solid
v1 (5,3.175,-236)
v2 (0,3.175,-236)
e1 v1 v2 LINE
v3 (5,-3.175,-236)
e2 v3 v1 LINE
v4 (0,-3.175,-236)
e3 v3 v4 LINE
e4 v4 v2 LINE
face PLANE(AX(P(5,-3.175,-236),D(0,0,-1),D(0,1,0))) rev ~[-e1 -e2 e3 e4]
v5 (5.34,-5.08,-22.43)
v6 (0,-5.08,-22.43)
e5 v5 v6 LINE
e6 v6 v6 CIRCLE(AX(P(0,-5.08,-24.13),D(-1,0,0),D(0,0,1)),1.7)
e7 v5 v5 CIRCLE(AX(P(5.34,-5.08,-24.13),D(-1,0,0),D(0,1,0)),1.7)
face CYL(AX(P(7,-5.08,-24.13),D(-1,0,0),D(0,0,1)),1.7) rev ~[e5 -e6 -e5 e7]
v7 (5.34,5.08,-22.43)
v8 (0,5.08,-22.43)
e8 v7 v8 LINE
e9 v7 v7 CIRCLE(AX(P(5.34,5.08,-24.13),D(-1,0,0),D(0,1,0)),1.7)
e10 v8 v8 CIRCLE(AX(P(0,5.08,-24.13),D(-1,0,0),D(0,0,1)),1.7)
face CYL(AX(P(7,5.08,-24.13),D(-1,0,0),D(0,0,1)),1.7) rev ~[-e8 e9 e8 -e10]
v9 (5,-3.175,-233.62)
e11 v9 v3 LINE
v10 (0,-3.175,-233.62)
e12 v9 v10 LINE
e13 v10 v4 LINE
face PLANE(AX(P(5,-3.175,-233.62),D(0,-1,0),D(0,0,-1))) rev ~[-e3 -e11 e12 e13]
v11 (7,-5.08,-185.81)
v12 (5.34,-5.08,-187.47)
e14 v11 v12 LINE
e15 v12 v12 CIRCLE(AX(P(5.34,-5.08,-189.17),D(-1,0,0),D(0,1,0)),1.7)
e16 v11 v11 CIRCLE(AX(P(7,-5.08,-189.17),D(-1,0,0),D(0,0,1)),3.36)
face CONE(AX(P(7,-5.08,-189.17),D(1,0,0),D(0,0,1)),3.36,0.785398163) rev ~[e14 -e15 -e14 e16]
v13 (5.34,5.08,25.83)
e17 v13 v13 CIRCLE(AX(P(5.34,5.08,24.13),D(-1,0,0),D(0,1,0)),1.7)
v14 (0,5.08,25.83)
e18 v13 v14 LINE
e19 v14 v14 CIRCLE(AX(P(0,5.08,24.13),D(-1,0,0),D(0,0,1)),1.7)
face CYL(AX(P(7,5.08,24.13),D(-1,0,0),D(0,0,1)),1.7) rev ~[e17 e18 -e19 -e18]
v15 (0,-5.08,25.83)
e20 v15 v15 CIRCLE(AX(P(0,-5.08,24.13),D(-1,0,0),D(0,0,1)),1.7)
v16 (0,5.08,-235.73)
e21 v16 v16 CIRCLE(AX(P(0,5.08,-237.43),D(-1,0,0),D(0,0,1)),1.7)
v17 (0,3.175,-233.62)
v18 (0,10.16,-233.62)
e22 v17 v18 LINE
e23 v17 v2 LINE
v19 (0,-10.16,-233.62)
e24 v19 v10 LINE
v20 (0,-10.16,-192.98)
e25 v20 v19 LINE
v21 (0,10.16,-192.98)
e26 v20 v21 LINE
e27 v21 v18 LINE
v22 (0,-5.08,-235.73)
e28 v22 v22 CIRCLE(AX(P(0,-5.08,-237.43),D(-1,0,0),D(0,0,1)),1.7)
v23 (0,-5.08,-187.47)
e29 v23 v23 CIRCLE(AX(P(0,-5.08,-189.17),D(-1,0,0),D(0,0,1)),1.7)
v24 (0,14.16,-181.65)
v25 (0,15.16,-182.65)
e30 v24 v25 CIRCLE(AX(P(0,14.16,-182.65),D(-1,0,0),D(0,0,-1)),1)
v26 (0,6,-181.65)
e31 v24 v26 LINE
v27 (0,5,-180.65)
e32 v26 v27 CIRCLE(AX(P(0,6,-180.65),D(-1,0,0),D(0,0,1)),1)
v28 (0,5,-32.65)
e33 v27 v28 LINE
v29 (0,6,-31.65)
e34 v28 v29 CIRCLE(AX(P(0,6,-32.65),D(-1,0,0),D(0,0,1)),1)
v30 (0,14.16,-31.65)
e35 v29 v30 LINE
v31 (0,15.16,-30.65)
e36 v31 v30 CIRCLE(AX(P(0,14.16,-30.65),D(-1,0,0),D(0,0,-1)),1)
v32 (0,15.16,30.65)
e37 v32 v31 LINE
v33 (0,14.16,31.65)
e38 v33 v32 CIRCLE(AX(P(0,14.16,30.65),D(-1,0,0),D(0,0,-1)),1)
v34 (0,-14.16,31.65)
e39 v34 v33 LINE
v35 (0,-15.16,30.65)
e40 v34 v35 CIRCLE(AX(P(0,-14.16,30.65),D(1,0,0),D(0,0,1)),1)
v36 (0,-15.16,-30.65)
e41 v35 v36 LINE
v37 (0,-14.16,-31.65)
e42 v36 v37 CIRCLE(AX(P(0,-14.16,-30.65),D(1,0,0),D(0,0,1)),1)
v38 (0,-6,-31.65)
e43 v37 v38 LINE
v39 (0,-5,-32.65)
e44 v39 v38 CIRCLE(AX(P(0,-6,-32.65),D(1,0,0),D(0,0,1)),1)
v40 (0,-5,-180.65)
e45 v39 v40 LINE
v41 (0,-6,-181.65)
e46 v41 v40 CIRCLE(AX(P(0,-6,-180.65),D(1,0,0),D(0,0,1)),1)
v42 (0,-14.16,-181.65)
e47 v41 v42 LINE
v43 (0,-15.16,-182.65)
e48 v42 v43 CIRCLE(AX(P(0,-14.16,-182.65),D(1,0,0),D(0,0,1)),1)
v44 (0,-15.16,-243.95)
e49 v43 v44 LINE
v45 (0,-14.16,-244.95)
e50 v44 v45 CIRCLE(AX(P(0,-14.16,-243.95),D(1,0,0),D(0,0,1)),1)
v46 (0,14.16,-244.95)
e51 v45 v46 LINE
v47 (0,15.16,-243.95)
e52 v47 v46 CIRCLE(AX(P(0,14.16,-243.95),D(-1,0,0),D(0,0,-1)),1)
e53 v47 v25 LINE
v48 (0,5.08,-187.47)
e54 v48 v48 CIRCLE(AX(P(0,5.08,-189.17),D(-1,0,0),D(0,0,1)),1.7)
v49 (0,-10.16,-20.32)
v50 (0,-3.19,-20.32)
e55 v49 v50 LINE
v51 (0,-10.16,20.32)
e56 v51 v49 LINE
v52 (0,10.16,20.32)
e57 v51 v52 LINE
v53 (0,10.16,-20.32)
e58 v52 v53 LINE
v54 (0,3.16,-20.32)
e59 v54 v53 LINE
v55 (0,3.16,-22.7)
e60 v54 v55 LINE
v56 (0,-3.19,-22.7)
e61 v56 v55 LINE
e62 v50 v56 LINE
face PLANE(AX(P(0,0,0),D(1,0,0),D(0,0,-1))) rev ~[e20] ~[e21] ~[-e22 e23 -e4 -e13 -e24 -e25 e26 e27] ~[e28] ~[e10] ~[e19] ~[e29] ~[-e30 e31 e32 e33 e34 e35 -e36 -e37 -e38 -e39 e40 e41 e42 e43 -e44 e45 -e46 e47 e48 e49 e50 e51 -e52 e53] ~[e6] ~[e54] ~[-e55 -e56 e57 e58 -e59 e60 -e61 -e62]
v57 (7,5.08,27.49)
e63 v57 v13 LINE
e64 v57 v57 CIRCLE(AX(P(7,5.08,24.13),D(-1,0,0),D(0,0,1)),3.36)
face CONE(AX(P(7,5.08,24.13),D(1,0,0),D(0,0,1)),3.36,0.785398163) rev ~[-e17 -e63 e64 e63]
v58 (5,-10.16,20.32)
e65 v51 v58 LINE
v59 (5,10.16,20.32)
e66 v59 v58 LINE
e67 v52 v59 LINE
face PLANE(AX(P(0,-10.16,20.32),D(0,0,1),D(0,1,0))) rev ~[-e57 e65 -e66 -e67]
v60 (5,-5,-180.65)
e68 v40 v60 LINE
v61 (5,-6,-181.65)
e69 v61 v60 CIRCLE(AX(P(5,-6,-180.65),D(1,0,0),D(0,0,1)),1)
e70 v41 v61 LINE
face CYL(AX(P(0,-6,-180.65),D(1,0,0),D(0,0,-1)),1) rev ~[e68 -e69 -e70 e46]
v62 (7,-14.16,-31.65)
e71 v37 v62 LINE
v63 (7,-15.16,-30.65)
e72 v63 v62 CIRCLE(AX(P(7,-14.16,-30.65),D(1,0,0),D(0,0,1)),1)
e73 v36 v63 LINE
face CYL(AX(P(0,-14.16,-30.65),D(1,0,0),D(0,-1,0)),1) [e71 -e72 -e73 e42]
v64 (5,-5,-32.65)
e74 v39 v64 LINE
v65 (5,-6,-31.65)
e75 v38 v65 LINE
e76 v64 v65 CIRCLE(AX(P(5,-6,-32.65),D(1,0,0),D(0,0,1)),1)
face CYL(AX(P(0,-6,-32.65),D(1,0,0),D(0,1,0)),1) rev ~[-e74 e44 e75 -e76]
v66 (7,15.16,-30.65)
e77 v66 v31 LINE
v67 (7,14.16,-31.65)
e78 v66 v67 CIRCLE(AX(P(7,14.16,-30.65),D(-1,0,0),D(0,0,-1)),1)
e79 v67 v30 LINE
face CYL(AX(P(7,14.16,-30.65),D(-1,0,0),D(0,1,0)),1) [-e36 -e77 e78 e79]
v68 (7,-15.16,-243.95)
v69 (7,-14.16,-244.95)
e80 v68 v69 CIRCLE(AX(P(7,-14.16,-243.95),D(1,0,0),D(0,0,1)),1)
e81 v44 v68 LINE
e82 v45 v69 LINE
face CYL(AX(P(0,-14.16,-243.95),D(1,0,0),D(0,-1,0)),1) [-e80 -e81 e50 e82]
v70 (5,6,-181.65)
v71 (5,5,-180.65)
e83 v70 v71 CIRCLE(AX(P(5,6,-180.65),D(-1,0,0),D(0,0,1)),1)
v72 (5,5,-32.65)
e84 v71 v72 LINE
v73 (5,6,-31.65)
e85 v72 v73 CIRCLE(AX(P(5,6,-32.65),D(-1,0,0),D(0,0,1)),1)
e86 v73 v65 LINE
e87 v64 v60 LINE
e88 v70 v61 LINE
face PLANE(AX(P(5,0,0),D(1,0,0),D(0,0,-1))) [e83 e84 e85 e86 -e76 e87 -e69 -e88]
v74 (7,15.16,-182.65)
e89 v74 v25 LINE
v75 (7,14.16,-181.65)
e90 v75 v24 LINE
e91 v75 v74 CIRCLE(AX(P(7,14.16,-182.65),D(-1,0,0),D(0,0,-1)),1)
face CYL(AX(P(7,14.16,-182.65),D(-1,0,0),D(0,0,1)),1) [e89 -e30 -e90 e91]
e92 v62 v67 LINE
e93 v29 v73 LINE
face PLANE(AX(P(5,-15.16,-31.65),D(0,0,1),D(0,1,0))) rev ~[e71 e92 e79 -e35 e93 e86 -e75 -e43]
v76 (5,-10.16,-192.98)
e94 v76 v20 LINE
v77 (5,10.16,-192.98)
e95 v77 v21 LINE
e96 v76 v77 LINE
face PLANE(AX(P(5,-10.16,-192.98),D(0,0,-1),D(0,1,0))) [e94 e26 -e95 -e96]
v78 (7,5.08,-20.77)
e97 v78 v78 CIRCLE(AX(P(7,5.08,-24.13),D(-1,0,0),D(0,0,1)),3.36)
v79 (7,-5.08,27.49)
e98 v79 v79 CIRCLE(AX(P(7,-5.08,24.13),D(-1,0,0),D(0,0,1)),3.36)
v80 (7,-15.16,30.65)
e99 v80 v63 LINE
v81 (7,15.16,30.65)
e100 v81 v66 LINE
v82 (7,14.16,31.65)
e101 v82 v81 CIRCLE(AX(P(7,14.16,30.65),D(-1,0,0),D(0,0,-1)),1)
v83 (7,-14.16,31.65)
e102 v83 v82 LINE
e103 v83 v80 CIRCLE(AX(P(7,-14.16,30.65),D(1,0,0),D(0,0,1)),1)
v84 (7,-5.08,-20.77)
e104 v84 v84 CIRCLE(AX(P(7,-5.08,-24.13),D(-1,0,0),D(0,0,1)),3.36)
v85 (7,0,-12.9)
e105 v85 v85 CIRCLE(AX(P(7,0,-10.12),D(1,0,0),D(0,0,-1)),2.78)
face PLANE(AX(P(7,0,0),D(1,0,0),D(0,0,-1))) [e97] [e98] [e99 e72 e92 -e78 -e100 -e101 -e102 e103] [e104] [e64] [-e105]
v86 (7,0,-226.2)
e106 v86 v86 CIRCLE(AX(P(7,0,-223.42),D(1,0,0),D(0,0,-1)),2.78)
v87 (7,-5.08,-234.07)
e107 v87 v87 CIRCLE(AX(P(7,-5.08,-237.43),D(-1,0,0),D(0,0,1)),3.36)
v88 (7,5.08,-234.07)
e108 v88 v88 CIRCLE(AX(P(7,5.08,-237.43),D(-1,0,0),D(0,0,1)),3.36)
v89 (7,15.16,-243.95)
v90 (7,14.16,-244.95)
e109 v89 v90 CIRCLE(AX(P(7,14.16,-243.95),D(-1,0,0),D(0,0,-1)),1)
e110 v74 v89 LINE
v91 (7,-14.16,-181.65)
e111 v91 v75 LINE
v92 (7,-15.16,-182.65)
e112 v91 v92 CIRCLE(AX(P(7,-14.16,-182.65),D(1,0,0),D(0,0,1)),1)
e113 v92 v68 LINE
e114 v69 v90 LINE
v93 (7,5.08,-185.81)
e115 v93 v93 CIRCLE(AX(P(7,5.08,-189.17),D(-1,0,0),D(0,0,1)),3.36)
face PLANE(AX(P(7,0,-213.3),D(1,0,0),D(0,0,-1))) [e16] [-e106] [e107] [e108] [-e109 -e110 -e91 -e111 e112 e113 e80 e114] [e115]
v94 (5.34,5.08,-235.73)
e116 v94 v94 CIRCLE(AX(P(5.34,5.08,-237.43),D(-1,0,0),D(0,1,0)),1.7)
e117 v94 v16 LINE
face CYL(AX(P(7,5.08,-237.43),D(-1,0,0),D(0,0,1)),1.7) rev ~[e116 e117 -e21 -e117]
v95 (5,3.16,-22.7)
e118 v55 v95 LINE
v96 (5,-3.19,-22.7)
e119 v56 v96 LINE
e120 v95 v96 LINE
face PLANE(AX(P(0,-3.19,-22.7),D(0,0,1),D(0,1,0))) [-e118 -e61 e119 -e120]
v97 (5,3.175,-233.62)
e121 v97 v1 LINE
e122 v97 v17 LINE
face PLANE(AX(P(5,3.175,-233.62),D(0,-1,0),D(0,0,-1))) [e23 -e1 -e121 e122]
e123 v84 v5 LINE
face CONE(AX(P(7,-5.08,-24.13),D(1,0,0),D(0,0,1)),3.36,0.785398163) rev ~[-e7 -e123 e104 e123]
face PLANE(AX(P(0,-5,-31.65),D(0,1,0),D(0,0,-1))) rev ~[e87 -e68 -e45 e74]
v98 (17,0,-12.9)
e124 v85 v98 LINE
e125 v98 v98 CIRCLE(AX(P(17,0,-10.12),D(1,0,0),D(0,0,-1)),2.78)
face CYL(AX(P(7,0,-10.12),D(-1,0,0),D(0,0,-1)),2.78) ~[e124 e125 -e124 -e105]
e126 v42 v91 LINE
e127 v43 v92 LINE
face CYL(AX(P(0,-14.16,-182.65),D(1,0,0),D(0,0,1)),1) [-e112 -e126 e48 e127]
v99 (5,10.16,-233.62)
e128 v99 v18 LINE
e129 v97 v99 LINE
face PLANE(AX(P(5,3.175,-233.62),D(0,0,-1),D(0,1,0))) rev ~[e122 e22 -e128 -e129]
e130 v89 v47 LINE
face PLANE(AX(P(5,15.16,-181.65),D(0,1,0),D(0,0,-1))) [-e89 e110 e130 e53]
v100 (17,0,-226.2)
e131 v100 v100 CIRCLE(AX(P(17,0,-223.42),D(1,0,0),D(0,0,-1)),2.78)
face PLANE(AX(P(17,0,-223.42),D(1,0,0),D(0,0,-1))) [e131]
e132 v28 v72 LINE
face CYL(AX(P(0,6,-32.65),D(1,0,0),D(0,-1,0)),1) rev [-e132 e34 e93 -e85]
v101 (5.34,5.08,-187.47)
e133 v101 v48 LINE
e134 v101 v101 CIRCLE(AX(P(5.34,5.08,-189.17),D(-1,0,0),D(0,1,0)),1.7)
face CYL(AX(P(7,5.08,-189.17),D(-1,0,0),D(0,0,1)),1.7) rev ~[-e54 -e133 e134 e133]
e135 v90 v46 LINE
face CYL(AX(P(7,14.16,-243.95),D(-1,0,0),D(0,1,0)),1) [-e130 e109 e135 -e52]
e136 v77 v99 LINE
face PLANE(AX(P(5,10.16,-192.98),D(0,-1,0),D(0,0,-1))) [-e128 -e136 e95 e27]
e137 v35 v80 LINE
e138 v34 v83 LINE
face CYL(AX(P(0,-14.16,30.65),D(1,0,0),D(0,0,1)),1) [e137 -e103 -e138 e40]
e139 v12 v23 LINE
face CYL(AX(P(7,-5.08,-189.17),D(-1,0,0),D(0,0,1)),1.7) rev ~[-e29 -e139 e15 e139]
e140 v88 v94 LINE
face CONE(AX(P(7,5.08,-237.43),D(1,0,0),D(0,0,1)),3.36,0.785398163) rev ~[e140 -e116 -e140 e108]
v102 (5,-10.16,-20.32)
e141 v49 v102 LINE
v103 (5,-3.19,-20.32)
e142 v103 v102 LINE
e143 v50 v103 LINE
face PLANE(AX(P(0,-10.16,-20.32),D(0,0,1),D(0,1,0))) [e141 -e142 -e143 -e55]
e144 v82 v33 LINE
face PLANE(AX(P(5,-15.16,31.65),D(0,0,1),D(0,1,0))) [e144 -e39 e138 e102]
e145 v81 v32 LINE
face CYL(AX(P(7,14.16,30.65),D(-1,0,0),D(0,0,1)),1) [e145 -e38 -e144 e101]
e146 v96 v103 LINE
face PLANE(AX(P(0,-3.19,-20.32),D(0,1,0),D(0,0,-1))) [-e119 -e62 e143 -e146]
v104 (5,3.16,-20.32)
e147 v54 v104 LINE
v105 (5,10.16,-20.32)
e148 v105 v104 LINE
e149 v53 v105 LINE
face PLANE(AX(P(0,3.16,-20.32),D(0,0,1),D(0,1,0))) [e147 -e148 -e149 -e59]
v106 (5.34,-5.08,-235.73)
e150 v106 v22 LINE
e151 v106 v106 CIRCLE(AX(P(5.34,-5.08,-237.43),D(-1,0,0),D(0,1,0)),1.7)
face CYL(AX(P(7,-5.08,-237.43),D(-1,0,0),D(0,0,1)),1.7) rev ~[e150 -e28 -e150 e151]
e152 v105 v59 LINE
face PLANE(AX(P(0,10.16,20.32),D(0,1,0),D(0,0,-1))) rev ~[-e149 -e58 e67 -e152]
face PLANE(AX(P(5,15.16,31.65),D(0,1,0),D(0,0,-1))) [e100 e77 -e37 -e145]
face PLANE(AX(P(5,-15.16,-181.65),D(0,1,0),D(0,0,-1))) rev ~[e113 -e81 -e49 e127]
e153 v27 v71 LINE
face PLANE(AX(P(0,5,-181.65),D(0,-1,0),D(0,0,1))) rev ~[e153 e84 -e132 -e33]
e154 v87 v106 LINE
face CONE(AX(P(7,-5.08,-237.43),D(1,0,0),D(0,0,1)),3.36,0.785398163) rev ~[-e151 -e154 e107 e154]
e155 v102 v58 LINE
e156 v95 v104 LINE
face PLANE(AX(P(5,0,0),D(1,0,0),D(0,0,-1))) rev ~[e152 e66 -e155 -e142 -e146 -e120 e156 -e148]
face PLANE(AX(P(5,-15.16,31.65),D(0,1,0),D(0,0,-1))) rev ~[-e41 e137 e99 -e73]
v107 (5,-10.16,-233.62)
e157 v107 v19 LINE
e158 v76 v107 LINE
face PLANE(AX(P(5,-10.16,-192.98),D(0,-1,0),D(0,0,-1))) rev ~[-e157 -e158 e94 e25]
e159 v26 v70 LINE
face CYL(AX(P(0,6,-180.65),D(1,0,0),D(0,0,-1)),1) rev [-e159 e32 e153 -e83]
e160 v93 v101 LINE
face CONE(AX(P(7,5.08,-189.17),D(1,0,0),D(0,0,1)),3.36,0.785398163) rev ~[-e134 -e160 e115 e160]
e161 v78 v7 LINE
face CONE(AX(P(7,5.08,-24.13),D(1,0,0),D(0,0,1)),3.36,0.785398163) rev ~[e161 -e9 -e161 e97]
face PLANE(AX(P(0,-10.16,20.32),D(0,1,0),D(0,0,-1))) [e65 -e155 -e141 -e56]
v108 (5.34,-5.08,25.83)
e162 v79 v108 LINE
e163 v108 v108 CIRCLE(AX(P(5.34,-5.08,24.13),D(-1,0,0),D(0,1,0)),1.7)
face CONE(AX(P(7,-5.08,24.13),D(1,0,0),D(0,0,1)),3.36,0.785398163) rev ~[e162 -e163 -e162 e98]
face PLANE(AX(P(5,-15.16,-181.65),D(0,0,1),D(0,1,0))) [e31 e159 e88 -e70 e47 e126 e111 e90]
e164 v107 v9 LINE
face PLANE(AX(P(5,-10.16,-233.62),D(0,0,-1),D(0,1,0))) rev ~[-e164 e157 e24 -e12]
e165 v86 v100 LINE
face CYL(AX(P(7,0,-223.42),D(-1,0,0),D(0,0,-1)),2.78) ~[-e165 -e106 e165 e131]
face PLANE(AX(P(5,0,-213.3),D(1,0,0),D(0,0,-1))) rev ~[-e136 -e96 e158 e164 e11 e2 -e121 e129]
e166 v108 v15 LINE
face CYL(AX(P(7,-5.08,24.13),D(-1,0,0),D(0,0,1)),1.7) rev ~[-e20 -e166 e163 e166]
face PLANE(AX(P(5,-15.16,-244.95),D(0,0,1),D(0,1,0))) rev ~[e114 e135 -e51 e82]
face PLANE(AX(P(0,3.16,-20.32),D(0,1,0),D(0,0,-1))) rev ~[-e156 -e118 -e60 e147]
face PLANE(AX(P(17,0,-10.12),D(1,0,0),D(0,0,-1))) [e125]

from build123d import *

# Parameters (mm, degrees)
BOSS_EXTRUDE1_DEPTH           = 5
CUT_EXTRUDE3_DEPTH            = 246.469607284
CUT_EXTRUDE5_DEPTH            = 246.469607284
SKETCH7_W                     = 63.3
SKETCH7_H                     = 30.32
BOSS_EXTRUDE2_DEPTH           = 2
SKETCH10_R                    = 2.78
BOSS_EXTRUDE3_DEPTH           = 10
SKETCH11_W                    = 63.3
SKETCH11_H                    = 30.32
BOSS_EXTRUDE4_DEPTH           = 2
SKETCH12_R                    = 2.78
BOSS_EXTRUDE5_DEPTH           = 10
FILLET1_R                     = 1
CSK_FOR_M3_SFHCS1_D           = 3.4
CSK_FOR_M3_SFHCS1_CSINK_D     = 6.72
CSK_FOR_M3_SFHCS1_CSINK_ANGLE = 90


with BuildPart() as part:
    # Sketch2 → Boss-Extrude1 (new body)
    with BuildSketch(Plane(origin=(0, 0, 0), x_dir=(0, 0, -1), z_dir=(1, 0, 0))):
        Polygon((31.65, -15.16), (31.65, -5), (181.65, -5), (181.65, -15.16), (244.95, -15.16), (244.95, 15.16), (181.65, 15.16), (181.65, 5), (31.65, 5), (31.65, 15.16), (-31.65, 15.16), (-31.65, -15.16), align=None)
    extrude(amount=BOSS_EXTRUDE1_DEPTH)

    # Sketch1 → Cut-Extrude3 (cut, through all)
    with BuildSketch(Plane(origin=(0, 0, 0), x_dir=(0, 0, -1), z_dir=(1, 0, 0))):
        Polygon((20.32, 10.16), (-20.32, 10.16), (-20.32, -10.16), (20.32, -10.16), (20.32, -3.19), (22.7, -3.19), (22.7, 3.16), (20.32, 3.16), align=None)
    extrude(amount=CUT_EXTRUDE3_DEPTH, mode=Mode.SUBTRACT)

    # Sketch3 → Cut-Extrude5 (cut, through all)
    with BuildSketch(Plane(origin=(5, 0, 0), x_dir=(0, 0, -1), z_dir=(1, 0, 0))):
        Polygon((192.98, 10.16), (192.98, -10.16), (233.62, -10.16), (233.62, -3.175), (236, -3.175), (236, 3.175), (233.62, 3.175), (233.62, 10.16), align=None)
    extrude(amount=-CUT_EXTRUDE5_DEPTH, mode=Mode.SUBTRACT)

    # Sketch7 → Boss-Extrude2 (add)
    with BuildSketch(Plane(origin=(5, 0, 0), x_dir=(0, 0, -1), z_dir=(1, 0, 0))):
        Rectangle(SKETCH7_W, SKETCH7_H)
    extrude(amount=BOSS_EXTRUDE2_DEPTH)

    # Sketch10 → Boss-Extrude3 (add)
    with BuildSketch(Plane(origin=(7, 0, 0), x_dir=(0, 0, -1), z_dir=(1, 0, 0))):
        with Locations((10.12, 0)):
            Circle(SKETCH10_R)
    extrude(amount=BOSS_EXTRUDE3_DEPTH)

    # Sketch11 → Boss-Extrude4 (add)
    with BuildSketch(Plane(origin=(5, 0, 0), x_dir=(0, 0, -1), z_dir=(1, 0, 0))):
        with Locations((213.3, 0)):
            Rectangle(SKETCH11_W, SKETCH11_H)
    extrude(amount=BOSS_EXTRUDE4_DEPTH)

    # Sketch12 → Boss-Extrude5 (add)
    with BuildSketch(Plane(origin=(7, 0, 0), x_dir=(0, 0, -1), z_dir=(1, 0, 0))):
        with Locations((223.42, 0)):
            Circle(SKETCH12_R)
    extrude(amount=BOSS_EXTRUDE5_DEPTH)

    # Fillet1
    fillet1_edges = [part.edges().sort_by_distance(p)[0] for p in [
        (3.5, -15.16, -244.95),
        (3.5, 15.16, -244.95),
        (3.5, 15.16, -181.65),
        (2.5, 5, -181.65),
        (3.5, -15.16, -181.65),
        (2.5, -5, -181.65),
        (2.5, -5, -31.65),
        (2.5, 5, -31.65),
        (3.5, 15.16, -31.65),
        (3.5, -15.16, -31.65),
        (3.5, -15.16, 31.65),
        (3.5, 15.16, 31.65),
    ]]
    fillet(fillet1_edges, radius=FILLET1_R)

    # CSK for M3 SFHCS1 (through all)
    with Locations(Plane(origin=(7, 0, 0), x_dir=(0, 0, -1), z_dir=(1, 0, 0))):
        with Locations((-24.13, 5.08), (-24.13, -5.08), (24.13, -5.08), (24.13, 5.08), (189.17, 5.08), (189.17, -5.08), (237.43, 5.08), (237.43, -5.08)):
            CounterSinkHole(CSK_FOR_M3_SFHCS1_D / 2, CSK_FOR_M3_SFHCS1_CSINK_D / 2, counter_sink_angle=CSK_FOR_M3_SFHCS1_CSINK_ANGLE)


solid = part.part
